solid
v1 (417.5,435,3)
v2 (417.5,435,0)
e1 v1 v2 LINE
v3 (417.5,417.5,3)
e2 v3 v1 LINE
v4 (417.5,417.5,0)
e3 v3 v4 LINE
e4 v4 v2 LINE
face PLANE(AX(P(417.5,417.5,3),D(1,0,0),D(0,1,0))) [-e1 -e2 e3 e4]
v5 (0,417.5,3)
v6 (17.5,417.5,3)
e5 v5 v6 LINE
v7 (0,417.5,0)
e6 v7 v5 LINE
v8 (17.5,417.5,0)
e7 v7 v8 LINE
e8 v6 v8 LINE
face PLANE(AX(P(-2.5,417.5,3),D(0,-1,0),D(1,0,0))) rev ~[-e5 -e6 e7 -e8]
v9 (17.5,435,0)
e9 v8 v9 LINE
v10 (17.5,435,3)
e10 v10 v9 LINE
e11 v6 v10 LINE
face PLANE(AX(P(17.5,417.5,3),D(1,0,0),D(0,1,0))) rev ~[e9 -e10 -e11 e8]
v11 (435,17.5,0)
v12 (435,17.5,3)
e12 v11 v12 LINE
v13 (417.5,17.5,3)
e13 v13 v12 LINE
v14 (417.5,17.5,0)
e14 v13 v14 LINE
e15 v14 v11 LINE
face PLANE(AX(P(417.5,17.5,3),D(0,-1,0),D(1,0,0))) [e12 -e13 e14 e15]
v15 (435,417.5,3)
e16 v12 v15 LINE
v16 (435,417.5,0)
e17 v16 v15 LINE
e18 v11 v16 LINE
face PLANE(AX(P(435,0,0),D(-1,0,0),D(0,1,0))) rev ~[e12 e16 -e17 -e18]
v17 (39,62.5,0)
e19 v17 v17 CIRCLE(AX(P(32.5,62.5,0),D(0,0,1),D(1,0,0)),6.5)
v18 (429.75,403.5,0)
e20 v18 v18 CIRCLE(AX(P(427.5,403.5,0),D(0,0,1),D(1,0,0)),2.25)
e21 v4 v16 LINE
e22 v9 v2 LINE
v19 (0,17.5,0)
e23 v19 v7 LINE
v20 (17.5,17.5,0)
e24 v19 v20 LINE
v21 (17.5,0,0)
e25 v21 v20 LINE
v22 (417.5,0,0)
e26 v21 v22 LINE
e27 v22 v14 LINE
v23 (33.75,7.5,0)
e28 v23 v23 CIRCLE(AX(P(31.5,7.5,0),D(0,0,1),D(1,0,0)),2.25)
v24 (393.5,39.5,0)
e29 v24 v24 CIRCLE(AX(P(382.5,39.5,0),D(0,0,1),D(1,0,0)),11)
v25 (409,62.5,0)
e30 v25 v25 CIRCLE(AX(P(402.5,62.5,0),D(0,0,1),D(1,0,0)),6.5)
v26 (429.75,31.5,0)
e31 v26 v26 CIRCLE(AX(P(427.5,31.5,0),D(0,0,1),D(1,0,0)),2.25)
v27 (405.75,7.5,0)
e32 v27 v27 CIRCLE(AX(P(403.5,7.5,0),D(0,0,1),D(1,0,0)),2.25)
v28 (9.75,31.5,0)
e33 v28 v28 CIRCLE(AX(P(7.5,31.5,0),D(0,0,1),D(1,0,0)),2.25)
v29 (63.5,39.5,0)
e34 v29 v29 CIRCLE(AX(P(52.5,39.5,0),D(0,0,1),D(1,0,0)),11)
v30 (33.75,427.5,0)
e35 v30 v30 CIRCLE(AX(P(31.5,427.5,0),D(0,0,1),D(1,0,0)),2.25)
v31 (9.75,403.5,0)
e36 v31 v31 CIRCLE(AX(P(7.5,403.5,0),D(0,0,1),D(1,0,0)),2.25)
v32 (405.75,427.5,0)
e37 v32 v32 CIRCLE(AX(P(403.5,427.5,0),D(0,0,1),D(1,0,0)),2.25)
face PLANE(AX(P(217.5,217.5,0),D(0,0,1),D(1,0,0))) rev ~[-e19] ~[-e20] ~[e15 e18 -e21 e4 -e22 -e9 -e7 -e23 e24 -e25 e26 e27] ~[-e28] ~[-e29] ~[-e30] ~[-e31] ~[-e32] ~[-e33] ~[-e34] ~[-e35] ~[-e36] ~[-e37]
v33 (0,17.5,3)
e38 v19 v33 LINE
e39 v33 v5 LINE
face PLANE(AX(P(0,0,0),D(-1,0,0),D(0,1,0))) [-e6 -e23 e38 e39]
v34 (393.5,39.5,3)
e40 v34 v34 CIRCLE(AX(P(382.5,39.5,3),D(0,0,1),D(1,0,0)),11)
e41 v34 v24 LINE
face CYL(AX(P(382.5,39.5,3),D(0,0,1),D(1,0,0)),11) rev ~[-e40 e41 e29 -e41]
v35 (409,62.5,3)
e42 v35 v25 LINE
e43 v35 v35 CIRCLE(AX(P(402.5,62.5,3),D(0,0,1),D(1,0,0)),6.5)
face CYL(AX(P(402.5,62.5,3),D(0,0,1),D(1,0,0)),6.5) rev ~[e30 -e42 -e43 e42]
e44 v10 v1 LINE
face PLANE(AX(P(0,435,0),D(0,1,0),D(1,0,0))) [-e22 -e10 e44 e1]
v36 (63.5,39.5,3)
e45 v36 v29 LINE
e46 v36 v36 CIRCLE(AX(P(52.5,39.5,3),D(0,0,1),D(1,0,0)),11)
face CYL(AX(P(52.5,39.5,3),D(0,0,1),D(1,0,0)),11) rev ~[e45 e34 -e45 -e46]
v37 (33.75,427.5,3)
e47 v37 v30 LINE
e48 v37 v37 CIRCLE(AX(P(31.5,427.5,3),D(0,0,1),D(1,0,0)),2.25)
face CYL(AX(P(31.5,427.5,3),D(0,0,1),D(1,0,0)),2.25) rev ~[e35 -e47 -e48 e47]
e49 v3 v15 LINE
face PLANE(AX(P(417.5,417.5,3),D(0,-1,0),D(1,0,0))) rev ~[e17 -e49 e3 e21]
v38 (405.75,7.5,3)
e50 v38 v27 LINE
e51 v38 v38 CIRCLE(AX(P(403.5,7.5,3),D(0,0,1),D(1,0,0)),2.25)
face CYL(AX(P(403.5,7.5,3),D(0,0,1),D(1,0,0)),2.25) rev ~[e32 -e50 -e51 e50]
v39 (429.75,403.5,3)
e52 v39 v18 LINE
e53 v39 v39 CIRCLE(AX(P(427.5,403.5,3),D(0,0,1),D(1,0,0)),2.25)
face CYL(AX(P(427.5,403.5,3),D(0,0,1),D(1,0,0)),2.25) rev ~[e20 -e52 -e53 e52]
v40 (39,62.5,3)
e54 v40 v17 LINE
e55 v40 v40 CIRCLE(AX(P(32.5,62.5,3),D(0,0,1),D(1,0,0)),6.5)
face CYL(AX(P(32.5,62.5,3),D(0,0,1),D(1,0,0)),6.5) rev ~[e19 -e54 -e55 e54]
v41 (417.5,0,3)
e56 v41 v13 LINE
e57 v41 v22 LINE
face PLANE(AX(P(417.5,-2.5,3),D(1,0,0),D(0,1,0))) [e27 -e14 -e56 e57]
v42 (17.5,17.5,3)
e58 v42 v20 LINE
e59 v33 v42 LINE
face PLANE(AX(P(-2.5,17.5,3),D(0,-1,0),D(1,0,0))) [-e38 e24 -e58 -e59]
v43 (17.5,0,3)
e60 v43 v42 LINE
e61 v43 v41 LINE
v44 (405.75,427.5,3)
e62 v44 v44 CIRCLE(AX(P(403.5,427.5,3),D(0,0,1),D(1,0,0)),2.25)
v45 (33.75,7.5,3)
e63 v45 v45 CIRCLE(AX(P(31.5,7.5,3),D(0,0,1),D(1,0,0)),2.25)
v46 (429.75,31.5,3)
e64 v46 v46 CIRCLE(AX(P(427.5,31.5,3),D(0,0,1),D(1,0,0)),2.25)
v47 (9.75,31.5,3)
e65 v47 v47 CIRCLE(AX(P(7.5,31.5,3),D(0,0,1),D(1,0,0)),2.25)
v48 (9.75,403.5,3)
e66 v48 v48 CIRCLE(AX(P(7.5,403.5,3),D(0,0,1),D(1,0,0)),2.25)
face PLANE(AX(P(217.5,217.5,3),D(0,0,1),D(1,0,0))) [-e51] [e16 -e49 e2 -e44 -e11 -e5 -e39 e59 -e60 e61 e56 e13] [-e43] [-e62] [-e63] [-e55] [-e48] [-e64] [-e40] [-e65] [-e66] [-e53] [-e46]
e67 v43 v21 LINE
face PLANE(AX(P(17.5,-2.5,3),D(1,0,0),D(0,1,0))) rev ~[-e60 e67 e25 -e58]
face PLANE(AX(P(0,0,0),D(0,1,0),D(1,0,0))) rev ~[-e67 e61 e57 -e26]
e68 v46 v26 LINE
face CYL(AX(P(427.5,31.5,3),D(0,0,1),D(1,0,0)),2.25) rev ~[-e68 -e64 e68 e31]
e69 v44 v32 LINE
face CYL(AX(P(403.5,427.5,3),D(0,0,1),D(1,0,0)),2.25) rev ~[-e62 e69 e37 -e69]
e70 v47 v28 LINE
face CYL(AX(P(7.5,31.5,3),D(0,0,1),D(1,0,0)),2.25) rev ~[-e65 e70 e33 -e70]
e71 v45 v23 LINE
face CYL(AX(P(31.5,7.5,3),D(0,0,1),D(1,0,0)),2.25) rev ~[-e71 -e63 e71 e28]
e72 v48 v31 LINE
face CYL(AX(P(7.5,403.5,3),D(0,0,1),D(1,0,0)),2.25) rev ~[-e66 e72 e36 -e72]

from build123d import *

# Parameters (mm, degrees)
SKETCH002_W   = 435
SKETCH002_H   = 435
PAD_DEPTH     = 3
SKETCH001_R   = 2.25
SKETCH001_R_2 = 6.5
SKETCH001_R_3 = 11
SKETCH001_W   = 20
SKETCH001_H   = 20
POCKET_DEPTH  = 5


with BuildPart() as part:
    # Sketch002 → Pad (new body)
    with BuildSketch(Plane.XY):
        with Locations((217.5, 217.5)):
            Rectangle(SKETCH002_W, SKETCH002_H)
    extrude(amount=PAD_DEPTH)

    # Sketch001 → Pocket (cut)
    with BuildSketch(Plane.XY.offset(3)):
        with Locations((7.5, 31.5)):
            Circle(SKETCH001_R)
        with Locations((31.5, 7.5)):
            Circle(SKETCH001_R)
        with Locations((7.5, 403.5)):
            Circle(SKETCH001_R)
        with Locations((31.5, 427.5)):
            Circle(SKETCH001_R)
        with Locations((403.5, 427.5)):
            Circle(SKETCH001_R)
        with Locations((427.5, 403.5)):
            Circle(SKETCH001_R)
        with Locations((403.5, 7.5)):
            Circle(SKETCH001_R)
        with Locations((427.5, 31.5)):
            Circle(SKETCH001_R)
        with Locations((32.5, 62.5)):
            Circle(SKETCH001_R_2)
        with Locations((52.5, 39.5)):
            Circle(SKETCH001_R_3)
        with Locations((402.5, 62.5)):
            Circle(SKETCH001_R_2)
        with Locations((382.5, 39.5)):
            Circle(SKETCH001_R_3)
        with Locations((7.5, 7.5)):
            Rectangle(SKETCH001_W, SKETCH001_H)
        with Locations((427.5, 7.5)):
            Rectangle(SKETCH001_W, SKETCH001_H)
        with Locations((7.5, 427.5)):
            Rectangle(SKETCH001_W, SKETCH001_H)
        with Locations((427.5, 427.5)):
            Rectangle(SKETCH001_W, SKETCH001_H)
    extrude(amount=-POCKET_DEPTH, mode=Mode.SUBTRACT)


solid = part.part
